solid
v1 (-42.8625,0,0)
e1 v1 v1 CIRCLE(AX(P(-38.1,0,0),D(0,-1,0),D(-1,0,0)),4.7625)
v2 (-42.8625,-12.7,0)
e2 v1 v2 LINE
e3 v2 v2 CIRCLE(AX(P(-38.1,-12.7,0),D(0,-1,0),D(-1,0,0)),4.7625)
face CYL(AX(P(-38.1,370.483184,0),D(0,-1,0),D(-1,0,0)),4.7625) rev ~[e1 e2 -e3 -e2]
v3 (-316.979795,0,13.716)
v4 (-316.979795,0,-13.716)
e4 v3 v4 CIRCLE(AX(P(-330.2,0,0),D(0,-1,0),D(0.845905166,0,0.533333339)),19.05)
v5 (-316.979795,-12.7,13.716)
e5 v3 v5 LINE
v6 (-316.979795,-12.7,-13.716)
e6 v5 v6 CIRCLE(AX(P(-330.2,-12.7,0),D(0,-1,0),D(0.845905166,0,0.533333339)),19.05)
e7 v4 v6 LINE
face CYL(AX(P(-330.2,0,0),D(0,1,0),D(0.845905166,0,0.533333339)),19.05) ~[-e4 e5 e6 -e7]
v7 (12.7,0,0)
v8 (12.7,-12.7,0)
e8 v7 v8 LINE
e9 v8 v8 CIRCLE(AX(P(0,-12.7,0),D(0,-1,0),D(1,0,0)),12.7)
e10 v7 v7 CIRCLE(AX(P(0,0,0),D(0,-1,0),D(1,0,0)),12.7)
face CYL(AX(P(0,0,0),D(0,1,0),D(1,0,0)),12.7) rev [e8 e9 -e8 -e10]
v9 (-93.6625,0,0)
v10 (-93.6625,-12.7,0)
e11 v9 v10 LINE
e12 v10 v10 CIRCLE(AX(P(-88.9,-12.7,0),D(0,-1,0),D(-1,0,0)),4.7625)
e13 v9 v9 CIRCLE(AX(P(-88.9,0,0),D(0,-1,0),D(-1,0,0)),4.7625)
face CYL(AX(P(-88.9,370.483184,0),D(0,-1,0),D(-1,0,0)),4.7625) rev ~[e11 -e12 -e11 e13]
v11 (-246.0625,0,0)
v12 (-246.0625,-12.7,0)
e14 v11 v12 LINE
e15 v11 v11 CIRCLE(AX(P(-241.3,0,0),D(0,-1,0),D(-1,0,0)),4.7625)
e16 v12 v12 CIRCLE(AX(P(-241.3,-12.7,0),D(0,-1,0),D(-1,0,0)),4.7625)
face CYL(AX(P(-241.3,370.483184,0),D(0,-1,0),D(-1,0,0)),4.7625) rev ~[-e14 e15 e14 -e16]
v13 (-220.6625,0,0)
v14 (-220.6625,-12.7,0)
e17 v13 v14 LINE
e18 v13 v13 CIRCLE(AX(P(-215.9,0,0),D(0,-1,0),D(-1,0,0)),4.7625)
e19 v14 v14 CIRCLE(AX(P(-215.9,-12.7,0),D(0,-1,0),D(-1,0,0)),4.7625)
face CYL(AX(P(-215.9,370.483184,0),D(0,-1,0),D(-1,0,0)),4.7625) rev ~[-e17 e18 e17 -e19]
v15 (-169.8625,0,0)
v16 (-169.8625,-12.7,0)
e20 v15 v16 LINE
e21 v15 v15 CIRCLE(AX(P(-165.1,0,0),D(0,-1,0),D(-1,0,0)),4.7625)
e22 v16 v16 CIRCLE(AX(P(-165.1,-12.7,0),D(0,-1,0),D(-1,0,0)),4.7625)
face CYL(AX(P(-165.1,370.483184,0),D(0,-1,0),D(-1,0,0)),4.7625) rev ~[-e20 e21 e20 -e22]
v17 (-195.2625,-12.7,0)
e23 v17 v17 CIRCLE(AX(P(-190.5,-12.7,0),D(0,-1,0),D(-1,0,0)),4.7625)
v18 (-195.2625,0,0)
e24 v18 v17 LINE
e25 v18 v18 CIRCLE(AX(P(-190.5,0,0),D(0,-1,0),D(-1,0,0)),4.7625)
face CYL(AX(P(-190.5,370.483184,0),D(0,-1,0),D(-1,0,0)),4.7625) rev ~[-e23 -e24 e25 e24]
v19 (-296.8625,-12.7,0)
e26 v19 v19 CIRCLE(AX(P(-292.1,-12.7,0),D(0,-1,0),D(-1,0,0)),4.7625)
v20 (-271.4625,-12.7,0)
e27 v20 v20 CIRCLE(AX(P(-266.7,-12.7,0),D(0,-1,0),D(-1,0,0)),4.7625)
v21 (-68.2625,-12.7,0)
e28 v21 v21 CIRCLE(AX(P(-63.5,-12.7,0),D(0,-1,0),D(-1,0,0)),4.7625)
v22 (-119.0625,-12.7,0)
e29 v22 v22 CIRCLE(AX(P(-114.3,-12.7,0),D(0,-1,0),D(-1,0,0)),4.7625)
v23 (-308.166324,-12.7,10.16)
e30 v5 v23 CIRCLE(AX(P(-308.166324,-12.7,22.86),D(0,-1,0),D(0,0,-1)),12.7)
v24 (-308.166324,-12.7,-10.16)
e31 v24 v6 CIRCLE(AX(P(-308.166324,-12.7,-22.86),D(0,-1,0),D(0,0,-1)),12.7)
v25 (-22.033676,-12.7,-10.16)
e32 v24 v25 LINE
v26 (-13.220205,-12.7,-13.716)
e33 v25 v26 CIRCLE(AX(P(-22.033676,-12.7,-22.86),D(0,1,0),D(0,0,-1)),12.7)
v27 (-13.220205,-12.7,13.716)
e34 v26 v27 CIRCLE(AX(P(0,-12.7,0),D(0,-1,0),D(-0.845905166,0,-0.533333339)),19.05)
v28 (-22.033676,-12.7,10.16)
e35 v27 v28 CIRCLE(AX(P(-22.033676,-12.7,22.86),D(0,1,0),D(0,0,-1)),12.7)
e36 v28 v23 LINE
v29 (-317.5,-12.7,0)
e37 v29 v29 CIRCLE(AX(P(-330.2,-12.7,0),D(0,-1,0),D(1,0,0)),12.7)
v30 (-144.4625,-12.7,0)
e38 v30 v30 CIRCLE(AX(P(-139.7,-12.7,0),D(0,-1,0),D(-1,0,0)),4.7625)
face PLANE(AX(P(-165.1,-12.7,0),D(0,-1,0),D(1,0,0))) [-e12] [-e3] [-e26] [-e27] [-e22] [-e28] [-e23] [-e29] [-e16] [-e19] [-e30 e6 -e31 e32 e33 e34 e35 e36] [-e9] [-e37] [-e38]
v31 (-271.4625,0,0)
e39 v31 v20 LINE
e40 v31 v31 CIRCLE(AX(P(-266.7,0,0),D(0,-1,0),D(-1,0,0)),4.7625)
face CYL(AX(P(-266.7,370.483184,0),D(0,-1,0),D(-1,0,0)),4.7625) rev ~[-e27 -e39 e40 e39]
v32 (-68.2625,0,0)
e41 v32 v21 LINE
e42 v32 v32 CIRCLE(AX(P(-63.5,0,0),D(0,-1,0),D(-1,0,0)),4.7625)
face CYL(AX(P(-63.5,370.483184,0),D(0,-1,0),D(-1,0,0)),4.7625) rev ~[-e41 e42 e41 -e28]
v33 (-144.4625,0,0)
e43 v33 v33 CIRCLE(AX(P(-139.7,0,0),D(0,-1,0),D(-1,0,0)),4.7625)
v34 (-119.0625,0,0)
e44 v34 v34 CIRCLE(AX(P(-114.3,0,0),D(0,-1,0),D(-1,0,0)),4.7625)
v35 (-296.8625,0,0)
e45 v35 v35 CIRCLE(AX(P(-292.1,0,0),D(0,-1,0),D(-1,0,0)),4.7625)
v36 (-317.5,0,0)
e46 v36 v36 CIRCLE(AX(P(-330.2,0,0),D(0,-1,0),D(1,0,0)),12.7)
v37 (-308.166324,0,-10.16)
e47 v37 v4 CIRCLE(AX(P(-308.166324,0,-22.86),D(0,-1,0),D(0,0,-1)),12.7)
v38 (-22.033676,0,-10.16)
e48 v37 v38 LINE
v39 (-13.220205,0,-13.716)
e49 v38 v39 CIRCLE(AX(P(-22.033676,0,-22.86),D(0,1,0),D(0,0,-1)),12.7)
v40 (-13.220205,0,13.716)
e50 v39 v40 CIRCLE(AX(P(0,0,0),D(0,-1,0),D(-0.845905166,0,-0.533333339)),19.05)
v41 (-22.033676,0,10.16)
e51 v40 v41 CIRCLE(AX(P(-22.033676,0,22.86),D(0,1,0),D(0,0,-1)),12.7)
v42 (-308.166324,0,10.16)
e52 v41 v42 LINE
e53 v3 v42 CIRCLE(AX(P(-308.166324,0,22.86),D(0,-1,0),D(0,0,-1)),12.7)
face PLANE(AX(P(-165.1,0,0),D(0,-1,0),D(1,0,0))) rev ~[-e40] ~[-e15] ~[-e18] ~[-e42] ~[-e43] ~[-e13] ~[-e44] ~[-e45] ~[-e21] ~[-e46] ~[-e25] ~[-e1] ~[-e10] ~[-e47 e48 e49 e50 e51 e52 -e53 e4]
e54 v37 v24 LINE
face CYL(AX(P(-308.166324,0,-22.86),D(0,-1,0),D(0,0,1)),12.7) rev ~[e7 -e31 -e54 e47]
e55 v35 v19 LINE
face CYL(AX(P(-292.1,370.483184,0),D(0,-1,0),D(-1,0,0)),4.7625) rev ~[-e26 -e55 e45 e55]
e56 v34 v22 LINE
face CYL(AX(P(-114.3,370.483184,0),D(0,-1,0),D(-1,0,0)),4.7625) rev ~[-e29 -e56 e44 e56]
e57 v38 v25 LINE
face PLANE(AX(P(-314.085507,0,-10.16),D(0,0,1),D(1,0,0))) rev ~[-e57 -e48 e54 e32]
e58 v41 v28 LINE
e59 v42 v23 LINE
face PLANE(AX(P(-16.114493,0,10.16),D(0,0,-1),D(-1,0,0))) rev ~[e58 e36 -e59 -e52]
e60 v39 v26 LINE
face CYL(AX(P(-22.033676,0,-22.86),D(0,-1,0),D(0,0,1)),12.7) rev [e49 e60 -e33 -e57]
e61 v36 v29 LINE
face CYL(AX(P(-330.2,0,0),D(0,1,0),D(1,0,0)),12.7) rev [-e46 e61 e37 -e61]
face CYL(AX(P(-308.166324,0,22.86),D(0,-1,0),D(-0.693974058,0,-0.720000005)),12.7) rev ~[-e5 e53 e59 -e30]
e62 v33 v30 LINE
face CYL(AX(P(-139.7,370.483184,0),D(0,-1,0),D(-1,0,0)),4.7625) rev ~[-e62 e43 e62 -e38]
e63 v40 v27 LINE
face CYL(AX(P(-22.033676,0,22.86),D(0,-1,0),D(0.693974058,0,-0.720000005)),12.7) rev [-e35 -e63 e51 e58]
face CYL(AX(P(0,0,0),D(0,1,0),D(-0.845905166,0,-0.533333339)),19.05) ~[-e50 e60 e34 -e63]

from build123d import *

# Parameters (mm, degrees)
F0_R     = 12.7
F1_DEPTH = 12.7
F2_D     = 9.525
F3_R     = 12.7


with BuildPart() as f1:
    # F0 (on Front) → F1 (new body)
    with BuildSketch(Plane.XZ):
        with BuildLine():
            Line((-314.085507, -10.16), (-16.114493, -10.16))
            ThreePointArc((-16.114493, -10.16), (19.05, 0), (-16.114493, 10.16))
            Line((-16.114493, 10.16), (-314.085507, 10.16))
            ThreePointArc((-314.085507, 10.16), (-349.25, 0), (-314.085507, -10.16))
        make_face()
        with Locations((-330.2, 0)):
            Circle(F0_R, mode=Mode.SUBTRACT)
        Circle(F0_R, mode=Mode.SUBTRACT)
    extrude(amount=F1_DEPTH)

    # F2 (through all)
    with Locations(Plane(origin=(0, 0, 0), x_dir=(1, 0, 0), z_dir=(0, 1, 0))):
        with Locations((-292.1, 0), (-266.7, 0), (-241.3, 0), (-215.9, 0), (-190.5, 0), (-165.1, 0), (-139.7, 0), (-114.3, 0), (-88.9, 0), (-63.5, 0), (-38.1, 0)):
            Hole(F2_D / 2)

    # F3
    f3_edges = [f1.edges().sort_by_distance(p)[0] for p in [
        (-314.085507, -6.35, -10.16),
        (-16.114493, -6.35, -10.16),
        (-16.114493, -6.35, 10.16),
        (-314.085507, -6.35, 10.16),
    ]]
    fillet(f3_edges, radius=F3_R)


solid = f1.part
